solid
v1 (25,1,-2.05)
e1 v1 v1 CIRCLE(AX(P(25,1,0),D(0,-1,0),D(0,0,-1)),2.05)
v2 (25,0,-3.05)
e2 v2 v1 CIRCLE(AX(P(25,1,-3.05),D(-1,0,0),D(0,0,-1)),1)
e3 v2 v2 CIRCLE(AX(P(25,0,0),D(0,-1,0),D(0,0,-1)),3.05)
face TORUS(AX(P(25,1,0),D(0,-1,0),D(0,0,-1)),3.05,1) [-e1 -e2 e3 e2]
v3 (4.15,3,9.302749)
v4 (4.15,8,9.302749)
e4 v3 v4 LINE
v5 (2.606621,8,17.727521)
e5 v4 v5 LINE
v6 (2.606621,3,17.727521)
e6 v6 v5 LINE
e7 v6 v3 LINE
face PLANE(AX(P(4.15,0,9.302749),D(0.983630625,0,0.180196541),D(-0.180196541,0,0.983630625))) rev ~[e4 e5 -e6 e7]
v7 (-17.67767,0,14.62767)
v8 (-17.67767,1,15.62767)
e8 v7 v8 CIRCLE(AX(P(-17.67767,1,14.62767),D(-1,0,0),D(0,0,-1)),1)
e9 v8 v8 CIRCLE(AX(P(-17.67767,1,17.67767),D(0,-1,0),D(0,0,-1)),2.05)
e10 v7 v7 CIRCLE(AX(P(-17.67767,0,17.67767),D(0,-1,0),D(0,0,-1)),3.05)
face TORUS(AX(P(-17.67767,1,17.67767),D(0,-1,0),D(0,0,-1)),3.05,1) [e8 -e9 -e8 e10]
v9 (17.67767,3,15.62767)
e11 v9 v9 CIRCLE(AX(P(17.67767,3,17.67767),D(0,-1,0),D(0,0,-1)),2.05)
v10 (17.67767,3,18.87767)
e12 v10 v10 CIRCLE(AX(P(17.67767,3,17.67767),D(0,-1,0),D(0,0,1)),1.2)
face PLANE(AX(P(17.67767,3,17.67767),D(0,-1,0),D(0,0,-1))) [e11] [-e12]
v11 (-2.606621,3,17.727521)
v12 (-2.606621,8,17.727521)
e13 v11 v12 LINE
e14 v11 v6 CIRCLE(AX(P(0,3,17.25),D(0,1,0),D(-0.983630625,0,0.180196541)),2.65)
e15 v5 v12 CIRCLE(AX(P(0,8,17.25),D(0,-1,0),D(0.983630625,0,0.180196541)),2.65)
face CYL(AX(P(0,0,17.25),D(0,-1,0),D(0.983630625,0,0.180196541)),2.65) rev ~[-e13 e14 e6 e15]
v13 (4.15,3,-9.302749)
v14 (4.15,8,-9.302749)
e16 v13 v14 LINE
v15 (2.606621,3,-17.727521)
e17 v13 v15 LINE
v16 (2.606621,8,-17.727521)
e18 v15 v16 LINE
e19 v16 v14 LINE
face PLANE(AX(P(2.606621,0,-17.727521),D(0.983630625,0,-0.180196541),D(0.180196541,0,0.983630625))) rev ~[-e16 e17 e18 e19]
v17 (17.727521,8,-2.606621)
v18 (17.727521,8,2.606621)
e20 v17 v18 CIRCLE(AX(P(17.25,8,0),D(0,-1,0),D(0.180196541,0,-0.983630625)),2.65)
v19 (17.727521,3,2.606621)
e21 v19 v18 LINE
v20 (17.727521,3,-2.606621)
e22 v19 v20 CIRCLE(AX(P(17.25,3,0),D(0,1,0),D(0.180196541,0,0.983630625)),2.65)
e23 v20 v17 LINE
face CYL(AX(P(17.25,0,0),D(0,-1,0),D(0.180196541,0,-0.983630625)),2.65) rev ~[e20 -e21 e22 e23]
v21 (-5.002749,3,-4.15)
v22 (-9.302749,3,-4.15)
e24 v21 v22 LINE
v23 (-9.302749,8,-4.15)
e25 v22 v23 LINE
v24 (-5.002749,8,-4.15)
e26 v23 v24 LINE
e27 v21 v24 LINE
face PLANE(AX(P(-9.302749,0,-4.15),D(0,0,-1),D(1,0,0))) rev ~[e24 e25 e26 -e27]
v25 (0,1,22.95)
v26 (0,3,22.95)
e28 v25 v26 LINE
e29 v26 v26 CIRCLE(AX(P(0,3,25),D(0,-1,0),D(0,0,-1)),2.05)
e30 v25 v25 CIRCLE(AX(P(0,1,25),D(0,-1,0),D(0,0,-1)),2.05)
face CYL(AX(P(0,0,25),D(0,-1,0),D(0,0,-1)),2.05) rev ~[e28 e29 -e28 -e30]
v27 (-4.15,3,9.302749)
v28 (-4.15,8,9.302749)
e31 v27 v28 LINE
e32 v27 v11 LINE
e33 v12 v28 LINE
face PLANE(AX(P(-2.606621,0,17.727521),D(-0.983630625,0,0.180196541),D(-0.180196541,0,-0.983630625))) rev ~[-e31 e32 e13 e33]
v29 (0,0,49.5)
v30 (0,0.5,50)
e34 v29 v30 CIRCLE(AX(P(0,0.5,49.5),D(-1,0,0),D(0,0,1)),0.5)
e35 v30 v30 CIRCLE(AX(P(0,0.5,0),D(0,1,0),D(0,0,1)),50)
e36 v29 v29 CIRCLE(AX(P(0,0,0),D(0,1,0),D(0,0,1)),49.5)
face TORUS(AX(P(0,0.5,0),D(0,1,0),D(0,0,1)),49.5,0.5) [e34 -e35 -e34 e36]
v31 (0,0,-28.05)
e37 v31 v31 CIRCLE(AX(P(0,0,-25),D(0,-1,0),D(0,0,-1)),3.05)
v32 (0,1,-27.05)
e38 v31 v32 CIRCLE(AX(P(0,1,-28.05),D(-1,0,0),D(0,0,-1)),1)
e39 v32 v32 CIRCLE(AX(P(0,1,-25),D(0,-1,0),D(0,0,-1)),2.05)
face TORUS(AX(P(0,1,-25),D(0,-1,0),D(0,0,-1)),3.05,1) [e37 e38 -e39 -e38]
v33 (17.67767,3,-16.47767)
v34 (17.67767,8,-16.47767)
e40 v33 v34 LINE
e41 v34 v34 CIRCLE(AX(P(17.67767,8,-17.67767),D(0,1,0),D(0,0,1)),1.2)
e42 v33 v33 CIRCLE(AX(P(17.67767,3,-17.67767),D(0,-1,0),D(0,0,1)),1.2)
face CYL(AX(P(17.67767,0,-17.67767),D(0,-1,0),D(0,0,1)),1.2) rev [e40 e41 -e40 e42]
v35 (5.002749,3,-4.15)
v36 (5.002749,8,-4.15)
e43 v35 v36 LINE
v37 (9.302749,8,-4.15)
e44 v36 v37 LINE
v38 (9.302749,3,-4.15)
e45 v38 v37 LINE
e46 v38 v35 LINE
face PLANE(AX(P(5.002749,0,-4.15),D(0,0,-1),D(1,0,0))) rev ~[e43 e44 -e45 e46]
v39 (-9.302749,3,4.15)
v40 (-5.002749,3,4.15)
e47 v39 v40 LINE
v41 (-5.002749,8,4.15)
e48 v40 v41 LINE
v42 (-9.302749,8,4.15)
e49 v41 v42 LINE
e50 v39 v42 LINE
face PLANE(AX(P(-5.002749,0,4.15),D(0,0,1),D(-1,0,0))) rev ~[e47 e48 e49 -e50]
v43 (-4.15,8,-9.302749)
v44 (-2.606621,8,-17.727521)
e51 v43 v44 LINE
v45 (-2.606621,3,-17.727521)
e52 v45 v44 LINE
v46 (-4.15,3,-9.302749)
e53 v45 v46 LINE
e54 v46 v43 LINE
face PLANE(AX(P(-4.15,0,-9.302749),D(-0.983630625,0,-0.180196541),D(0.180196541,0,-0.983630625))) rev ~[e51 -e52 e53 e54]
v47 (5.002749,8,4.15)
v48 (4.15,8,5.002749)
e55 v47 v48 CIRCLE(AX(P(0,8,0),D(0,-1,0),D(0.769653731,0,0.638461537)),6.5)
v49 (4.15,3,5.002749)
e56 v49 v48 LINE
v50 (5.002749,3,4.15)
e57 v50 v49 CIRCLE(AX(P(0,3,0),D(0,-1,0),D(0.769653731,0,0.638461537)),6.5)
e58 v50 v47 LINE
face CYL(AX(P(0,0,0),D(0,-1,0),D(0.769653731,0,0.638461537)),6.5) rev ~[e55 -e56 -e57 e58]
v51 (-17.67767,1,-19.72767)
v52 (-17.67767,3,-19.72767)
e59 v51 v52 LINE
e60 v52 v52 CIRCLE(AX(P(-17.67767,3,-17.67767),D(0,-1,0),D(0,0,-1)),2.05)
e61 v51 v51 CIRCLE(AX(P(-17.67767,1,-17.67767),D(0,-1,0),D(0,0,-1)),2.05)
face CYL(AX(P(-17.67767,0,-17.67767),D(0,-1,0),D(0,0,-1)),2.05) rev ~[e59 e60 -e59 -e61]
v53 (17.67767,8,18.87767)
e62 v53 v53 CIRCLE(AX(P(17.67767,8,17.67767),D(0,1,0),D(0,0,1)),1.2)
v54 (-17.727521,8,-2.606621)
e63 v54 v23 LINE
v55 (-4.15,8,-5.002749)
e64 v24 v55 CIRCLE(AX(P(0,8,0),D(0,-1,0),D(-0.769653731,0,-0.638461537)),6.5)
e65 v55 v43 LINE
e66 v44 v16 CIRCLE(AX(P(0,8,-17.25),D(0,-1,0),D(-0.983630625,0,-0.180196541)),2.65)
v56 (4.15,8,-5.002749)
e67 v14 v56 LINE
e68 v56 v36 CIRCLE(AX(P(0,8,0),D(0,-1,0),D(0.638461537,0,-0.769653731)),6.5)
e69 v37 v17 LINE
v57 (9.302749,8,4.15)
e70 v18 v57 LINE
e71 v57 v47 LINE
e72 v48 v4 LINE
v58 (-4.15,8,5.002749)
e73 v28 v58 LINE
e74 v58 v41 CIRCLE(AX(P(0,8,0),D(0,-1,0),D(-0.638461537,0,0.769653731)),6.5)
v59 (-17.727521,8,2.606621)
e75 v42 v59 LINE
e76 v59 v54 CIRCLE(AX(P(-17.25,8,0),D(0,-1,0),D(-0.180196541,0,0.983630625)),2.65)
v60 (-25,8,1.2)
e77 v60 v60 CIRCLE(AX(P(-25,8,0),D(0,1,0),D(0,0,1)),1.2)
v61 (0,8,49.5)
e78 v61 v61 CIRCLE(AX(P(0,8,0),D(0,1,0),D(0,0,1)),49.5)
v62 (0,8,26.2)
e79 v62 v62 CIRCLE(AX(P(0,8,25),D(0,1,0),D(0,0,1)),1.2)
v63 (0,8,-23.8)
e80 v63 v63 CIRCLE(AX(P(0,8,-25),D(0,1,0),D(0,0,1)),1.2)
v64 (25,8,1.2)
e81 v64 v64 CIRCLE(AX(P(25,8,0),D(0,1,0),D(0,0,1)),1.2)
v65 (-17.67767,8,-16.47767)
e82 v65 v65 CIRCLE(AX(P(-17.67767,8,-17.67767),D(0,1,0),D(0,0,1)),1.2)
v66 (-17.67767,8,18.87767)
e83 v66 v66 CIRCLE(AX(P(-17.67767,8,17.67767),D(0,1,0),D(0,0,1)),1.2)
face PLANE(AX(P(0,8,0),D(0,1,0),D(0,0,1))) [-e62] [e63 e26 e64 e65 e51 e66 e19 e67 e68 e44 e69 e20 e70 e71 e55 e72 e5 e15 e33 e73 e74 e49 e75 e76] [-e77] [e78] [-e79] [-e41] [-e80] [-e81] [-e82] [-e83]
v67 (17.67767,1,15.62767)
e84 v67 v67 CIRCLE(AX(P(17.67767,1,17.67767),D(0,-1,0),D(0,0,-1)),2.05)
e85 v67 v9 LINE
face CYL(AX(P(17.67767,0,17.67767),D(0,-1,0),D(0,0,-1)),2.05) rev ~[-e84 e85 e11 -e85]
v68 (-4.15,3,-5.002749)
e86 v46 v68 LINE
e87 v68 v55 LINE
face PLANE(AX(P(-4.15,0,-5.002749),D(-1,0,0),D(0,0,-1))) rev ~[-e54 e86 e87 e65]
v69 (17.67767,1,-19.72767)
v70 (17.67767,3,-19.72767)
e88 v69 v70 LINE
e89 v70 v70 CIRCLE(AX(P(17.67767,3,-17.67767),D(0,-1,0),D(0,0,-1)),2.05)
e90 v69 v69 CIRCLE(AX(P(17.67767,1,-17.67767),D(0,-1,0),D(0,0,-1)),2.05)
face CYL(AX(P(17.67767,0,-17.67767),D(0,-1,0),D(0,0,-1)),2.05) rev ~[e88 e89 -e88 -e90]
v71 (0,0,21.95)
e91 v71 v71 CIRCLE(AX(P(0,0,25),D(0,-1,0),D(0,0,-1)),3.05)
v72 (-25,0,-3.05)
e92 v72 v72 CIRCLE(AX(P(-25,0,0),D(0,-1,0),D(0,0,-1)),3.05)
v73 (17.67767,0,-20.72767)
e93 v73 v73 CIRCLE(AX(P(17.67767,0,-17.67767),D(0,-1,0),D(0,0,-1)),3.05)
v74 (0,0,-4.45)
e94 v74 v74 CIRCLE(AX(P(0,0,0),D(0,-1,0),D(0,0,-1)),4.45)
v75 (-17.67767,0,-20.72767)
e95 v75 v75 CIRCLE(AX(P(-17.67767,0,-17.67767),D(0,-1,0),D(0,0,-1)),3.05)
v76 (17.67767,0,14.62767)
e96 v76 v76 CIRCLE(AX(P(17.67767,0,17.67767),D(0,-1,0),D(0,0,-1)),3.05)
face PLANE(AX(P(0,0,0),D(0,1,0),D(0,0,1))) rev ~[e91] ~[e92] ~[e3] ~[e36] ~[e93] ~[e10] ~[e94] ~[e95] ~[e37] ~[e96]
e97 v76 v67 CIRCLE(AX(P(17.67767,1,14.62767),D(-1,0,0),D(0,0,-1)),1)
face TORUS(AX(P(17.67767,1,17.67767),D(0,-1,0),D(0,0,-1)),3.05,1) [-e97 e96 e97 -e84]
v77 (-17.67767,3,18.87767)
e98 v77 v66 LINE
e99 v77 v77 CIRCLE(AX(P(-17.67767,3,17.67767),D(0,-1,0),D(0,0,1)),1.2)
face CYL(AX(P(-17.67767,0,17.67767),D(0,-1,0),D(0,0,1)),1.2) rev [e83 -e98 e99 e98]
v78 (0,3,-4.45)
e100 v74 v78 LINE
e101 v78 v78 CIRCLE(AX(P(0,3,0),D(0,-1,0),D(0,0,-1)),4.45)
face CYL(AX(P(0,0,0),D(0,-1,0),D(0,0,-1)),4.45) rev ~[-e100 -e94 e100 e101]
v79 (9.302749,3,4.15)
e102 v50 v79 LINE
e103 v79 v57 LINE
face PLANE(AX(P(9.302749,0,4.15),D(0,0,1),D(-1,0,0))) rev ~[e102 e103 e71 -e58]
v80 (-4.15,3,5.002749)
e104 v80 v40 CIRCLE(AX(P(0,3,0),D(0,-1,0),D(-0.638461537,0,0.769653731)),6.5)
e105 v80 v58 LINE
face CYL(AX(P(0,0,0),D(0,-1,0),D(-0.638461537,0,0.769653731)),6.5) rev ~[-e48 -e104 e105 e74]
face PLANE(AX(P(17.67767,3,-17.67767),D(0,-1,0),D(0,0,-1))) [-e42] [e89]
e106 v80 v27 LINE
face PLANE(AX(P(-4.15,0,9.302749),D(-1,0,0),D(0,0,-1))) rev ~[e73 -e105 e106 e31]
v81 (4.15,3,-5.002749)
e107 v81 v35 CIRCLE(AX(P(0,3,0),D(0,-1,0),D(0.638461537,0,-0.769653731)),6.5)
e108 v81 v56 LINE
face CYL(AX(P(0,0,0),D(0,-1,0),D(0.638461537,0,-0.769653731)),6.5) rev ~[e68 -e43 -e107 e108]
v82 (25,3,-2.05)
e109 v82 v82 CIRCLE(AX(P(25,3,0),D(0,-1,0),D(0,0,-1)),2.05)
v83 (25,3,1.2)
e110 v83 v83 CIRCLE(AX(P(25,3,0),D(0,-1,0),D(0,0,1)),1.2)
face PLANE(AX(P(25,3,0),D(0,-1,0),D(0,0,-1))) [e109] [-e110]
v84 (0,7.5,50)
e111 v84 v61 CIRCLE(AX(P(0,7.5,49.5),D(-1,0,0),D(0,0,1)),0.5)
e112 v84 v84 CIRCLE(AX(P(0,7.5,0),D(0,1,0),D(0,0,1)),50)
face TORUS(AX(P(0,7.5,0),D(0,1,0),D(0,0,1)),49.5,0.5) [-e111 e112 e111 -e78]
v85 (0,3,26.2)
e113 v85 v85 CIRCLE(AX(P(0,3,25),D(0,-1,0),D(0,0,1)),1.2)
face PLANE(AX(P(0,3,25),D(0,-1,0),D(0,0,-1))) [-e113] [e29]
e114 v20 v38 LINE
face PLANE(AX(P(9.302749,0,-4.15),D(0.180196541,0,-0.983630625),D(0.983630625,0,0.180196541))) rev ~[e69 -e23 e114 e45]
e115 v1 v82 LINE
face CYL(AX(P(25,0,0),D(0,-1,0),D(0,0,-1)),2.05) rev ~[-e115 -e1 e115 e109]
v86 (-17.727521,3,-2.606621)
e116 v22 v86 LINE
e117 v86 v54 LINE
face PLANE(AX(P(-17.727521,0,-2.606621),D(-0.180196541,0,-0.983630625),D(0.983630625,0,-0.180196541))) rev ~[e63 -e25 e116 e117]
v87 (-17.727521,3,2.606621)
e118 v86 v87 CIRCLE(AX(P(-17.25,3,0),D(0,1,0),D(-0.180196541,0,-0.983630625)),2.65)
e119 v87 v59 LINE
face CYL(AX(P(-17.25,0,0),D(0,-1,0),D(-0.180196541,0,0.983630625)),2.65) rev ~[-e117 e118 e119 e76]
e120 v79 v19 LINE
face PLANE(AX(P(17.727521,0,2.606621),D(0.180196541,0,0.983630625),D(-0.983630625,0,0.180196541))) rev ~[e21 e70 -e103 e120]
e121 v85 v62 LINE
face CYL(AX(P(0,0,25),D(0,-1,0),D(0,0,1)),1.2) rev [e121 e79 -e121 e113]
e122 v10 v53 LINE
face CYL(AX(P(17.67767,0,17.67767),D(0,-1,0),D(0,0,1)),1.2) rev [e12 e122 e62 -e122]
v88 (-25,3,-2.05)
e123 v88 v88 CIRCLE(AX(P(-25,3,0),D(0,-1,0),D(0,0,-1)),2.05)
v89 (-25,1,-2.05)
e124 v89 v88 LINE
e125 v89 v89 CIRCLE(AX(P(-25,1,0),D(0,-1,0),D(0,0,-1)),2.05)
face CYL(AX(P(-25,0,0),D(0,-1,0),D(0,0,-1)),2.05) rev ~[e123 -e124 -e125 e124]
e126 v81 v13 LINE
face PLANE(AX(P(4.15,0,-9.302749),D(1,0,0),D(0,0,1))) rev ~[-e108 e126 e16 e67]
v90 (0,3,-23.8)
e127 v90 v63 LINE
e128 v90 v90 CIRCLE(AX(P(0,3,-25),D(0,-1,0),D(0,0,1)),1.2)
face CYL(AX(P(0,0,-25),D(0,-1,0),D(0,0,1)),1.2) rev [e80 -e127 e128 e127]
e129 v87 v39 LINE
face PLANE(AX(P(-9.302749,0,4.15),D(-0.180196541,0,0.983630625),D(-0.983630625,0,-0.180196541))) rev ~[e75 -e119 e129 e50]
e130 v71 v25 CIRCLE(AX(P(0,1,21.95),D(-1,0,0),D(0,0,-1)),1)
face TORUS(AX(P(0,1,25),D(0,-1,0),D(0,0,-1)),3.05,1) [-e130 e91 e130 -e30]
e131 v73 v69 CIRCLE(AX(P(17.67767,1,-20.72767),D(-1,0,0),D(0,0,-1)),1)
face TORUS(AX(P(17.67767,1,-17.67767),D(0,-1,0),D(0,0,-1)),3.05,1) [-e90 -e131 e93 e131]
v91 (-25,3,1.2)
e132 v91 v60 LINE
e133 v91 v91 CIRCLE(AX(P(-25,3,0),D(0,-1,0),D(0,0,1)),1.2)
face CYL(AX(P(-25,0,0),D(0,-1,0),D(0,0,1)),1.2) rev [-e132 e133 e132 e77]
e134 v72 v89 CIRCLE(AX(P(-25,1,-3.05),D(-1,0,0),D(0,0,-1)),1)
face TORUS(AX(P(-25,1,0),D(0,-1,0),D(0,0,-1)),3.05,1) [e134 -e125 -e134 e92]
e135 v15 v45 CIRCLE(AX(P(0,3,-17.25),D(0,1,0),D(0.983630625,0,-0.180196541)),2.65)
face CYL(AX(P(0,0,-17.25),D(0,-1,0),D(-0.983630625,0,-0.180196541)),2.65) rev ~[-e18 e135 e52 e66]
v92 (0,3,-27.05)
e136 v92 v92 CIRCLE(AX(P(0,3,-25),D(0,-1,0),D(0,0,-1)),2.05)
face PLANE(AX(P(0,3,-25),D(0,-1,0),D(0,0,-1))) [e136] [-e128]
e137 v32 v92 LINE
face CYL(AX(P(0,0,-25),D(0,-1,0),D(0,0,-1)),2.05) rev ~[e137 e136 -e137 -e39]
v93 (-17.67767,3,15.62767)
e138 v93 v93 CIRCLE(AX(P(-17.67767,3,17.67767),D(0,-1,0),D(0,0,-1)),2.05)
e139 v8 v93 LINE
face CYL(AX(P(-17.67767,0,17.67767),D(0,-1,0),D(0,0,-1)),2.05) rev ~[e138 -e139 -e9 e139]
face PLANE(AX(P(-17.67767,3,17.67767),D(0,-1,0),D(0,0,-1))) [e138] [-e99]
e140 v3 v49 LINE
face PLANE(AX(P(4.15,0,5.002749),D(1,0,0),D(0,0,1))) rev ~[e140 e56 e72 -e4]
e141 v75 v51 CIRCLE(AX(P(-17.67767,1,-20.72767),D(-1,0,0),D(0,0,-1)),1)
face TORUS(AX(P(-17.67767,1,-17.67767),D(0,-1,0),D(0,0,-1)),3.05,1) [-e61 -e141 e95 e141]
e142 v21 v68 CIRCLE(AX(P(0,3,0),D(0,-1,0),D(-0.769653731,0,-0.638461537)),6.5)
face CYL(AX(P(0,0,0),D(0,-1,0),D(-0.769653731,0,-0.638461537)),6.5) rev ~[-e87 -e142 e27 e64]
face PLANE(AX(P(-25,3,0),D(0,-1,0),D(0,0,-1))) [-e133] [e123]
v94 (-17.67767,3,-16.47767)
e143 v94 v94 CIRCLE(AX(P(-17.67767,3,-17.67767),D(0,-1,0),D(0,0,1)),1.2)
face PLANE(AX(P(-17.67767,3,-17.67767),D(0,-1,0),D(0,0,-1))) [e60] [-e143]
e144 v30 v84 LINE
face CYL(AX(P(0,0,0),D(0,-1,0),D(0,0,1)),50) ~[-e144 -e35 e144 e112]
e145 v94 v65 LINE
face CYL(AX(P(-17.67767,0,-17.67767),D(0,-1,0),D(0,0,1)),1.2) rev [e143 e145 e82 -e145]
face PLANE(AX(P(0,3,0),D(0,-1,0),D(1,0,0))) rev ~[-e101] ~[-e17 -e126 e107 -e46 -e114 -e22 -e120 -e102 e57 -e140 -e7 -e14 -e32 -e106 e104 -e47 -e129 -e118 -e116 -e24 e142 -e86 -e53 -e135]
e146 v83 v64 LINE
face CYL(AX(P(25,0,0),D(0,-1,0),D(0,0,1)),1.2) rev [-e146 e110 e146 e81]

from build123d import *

# Parameters (mm, degrees)
SKETCH2_R           = 50
SKETCH2_R_2         = 1.2
BOSS_EXTRUDE1_DEPTH = 8
SKETCH3_R           = 19.9
SKETCH3_R_2         = 4.45
BOSS_EXTRUDE2_DEPTH = 3
SKETCH4_R           = 2.05
CUT_EXTRUDE2_DEPTH  = 3
FILLET1_R           = 1
FILLET2_R           = 0.5


with BuildPart() as part:
    # Sketch2 → Boss-Extrude1 (new body)
    with BuildSketch(Plane(origin=(0, 0, 0), x_dir=(1, 0, 0), z_dir=(0, 1, 0))):
        with Locations(Location((0, 0, 0), (0, 0, 270))):
            Circle(SKETCH2_R)
        with Locations(Location((25, 0, 0), (0, 0, 270))):
            Circle(SKETCH2_R_2, mode=Mode.SUBTRACT)
        with Locations(Location((17.67766953, -17.67766953, 0), (0, 0, 270))):
            Circle(SKETCH2_R_2, mode=Mode.SUBTRACT)
        with Locations(Location((0, -25, 0), (0, 0, 270))):
            Circle(SKETCH2_R_2, mode=Mode.SUBTRACT)
        with Locations(Location((-17.67766953, -17.67766953, 0), (0, 0, 270))):
            Circle(SKETCH2_R_2, mode=Mode.SUBTRACT)
        with Locations(Location((-25, 0, 0), (0, 0, 270))):
            Circle(SKETCH2_R_2, mode=Mode.SUBTRACT)
        with Locations(Location((-17.67766953, 17.67766953, 0), (0, 0, 270))):
            Circle(SKETCH2_R_2, mode=Mode.SUBTRACT)
        with Locations(Location((0, 25, 0), (0, 0, 270))):
            Circle(SKETCH2_R_2, mode=Mode.SUBTRACT)
        with Locations(Location((17.67766953, 17.67766953, 0), (0, 0, 270))):
            Circle(SKETCH2_R_2, mode=Mode.SUBTRACT)
        with BuildLine():
            Line((9.302749244, 4.15), (17.727520833, 2.606621157))
            ThreePointArc((17.727520833, 2.606621157), (19.9, 0), (17.727520833, -2.606621157))
            Line((17.727520833, -2.606621157), (9.302749244, -4.15))
            Line((9.302749244, -4.15), (5.002749244, -4.15))
            ThreePointArc((5.002749244, -4.15), (4.596194078, -4.596194078), (4.15, -5.002749244))
            Line((4.15, -5.002749244), (4.15, -9.302749244))
            Line((4.15, -9.302749244), (2.606621157, -17.727520833))
            ThreePointArc((2.606621157, -17.727520833), (0, -19.9), (-2.606621157, -17.727520833))
            Line((-2.606621157, -17.727520833), (-4.15, -9.302749244))
            Line((-4.15, -9.302749244), (-4.15, -5.002749244))
            ThreePointArc((-4.15, -5.002749244), (-4.596194078, -4.596194078), (-5.002749244, -4.15))
            Line((-5.002749244, -4.15), (-9.302749244, -4.15))
            Line((-9.302749244, -4.15), (-17.727520833, -2.606621157))
            ThreePointArc((-17.727520833, -2.606621157), (-19.9, 0), (-17.727520833, 2.606621157))
            Line((-17.727520833, 2.606621157), (-9.302749244, 4.15))
            Line((-9.302749244, 4.15), (-5.002749244, 4.15))
            ThreePointArc((-5.002749244, 4.15), (-4.596194078, 4.596194078), (-4.15, 5.002749244))
            Line((-4.15, 5.002749244), (-4.15, 9.302749244))
            Line((-4.15, 9.302749244), (-2.606621157, 17.727520833))
            ThreePointArc((-2.606621157, 17.727520833), (0, 19.9), (2.606621157, 17.727520833))
            Line((2.606621157, 17.727520833), (4.15, 9.302749244))
            Line((4.15, 9.302749244), (4.15, 5.002749244))
            ThreePointArc((4.15, 5.002749244), (4.596194078, 4.596194078), (5.002749244, 4.15))
            Line((5.002749244, 4.15), (9.302749244, 4.15))
        make_face(mode=Mode.SUBTRACT)
    extrude(amount=BOSS_EXTRUDE1_DEPTH)

    # Sketch3 → Boss-Extrude2 (add)
    with BuildSketch(Plane.XZ):
        Circle(SKETCH3_R)
        with Locations(Location((0, 0, 0), (0, 0, 270))):
            Circle(SKETCH3_R_2, mode=Mode.SUBTRACT)
    extrude(amount=-BOSS_EXTRUDE2_DEPTH)

    # Sketch4 → Cut-Extrude2 (cut)
    with BuildSketch(Plane.XZ):
        with Locations(Location((-17.67766953, 17.67766953, 0), (0, 0, 270))):
            Circle(SKETCH4_R)
        with Locations(Location((0, 25, 0), (0, 0, 270))):
            Circle(SKETCH4_R)
        with Locations(Location((-25, 0, 0), (0, 0, 270))):
            Circle(SKETCH4_R)
        with Locations(Location((0, 25, 0), (0, 0, 270))):
            Circle(SKETCH4_R)
        with Locations(Location((-17.67766953, -17.67766953, 0), (0, 0, 270))):
            Circle(SKETCH4_R)
        with Locations(Location((17.67766953, 17.67766953, 0), (0, 0, 270))):
            Circle(SKETCH4_R)
        with Locations(Location((0, -25, 0), (0, 0, 270))):
            Circle(SKETCH4_R)
        with Locations(Location((25, 0, 0), (0, 0, 270))):
            Circle(SKETCH4_R)
        with Locations(Location((17.67766953, -17.67766953, 0), (0, 0, 270))):
            Circle(SKETCH4_R)
        with Locations(Location((0, 25, 0), (0, 0, 270))):
            Circle(SKETCH4_R)
        with Locations(Location((17.67766953, 17.67766953, 0), (0, 0, 270))):
            Circle(SKETCH4_R)
        with Locations(Location((0, 25, 0), (0, 0, 270))):
            Circle(SKETCH4_R)
        with Locations(Location((25, 0, 0), (0, 0, 270))):
            Circle(SKETCH4_R)
        with Locations(Location((0, 25, 0), (0, 0, 270))):
            Circle(SKETCH4_R)
    extrude(amount=-CUT_EXTRUDE2_DEPTH, mode=Mode.SUBTRACT)

    # Fillet1
    fillet1_edges = [part.edges().sort_by_distance(p)[0] for p in [
        (-25, 0, 2.05),
        (-17.67766953, 0, -15.62766953),
        (0, 0, -22.95),
        (17.67766953, 0, -15.62766953),
        (0, 0, 27.05),
        (17.67766953, 0, 19.72766953),
        (25, 0, 2.05),
        (-17.67766953, 0, 19.72766953),
    ]]
    fillet(fillet1_edges, radius=FILLET1_R)

    # Fillet2
    fillet2_edges = [part.edges().sort_by_distance(p)[0] for p in [
        (0, 0, -50),
        (0, 8, -50),
    ]]
    fillet(fillet2_edges, radius=FILLET2_R)


solid = part.part
